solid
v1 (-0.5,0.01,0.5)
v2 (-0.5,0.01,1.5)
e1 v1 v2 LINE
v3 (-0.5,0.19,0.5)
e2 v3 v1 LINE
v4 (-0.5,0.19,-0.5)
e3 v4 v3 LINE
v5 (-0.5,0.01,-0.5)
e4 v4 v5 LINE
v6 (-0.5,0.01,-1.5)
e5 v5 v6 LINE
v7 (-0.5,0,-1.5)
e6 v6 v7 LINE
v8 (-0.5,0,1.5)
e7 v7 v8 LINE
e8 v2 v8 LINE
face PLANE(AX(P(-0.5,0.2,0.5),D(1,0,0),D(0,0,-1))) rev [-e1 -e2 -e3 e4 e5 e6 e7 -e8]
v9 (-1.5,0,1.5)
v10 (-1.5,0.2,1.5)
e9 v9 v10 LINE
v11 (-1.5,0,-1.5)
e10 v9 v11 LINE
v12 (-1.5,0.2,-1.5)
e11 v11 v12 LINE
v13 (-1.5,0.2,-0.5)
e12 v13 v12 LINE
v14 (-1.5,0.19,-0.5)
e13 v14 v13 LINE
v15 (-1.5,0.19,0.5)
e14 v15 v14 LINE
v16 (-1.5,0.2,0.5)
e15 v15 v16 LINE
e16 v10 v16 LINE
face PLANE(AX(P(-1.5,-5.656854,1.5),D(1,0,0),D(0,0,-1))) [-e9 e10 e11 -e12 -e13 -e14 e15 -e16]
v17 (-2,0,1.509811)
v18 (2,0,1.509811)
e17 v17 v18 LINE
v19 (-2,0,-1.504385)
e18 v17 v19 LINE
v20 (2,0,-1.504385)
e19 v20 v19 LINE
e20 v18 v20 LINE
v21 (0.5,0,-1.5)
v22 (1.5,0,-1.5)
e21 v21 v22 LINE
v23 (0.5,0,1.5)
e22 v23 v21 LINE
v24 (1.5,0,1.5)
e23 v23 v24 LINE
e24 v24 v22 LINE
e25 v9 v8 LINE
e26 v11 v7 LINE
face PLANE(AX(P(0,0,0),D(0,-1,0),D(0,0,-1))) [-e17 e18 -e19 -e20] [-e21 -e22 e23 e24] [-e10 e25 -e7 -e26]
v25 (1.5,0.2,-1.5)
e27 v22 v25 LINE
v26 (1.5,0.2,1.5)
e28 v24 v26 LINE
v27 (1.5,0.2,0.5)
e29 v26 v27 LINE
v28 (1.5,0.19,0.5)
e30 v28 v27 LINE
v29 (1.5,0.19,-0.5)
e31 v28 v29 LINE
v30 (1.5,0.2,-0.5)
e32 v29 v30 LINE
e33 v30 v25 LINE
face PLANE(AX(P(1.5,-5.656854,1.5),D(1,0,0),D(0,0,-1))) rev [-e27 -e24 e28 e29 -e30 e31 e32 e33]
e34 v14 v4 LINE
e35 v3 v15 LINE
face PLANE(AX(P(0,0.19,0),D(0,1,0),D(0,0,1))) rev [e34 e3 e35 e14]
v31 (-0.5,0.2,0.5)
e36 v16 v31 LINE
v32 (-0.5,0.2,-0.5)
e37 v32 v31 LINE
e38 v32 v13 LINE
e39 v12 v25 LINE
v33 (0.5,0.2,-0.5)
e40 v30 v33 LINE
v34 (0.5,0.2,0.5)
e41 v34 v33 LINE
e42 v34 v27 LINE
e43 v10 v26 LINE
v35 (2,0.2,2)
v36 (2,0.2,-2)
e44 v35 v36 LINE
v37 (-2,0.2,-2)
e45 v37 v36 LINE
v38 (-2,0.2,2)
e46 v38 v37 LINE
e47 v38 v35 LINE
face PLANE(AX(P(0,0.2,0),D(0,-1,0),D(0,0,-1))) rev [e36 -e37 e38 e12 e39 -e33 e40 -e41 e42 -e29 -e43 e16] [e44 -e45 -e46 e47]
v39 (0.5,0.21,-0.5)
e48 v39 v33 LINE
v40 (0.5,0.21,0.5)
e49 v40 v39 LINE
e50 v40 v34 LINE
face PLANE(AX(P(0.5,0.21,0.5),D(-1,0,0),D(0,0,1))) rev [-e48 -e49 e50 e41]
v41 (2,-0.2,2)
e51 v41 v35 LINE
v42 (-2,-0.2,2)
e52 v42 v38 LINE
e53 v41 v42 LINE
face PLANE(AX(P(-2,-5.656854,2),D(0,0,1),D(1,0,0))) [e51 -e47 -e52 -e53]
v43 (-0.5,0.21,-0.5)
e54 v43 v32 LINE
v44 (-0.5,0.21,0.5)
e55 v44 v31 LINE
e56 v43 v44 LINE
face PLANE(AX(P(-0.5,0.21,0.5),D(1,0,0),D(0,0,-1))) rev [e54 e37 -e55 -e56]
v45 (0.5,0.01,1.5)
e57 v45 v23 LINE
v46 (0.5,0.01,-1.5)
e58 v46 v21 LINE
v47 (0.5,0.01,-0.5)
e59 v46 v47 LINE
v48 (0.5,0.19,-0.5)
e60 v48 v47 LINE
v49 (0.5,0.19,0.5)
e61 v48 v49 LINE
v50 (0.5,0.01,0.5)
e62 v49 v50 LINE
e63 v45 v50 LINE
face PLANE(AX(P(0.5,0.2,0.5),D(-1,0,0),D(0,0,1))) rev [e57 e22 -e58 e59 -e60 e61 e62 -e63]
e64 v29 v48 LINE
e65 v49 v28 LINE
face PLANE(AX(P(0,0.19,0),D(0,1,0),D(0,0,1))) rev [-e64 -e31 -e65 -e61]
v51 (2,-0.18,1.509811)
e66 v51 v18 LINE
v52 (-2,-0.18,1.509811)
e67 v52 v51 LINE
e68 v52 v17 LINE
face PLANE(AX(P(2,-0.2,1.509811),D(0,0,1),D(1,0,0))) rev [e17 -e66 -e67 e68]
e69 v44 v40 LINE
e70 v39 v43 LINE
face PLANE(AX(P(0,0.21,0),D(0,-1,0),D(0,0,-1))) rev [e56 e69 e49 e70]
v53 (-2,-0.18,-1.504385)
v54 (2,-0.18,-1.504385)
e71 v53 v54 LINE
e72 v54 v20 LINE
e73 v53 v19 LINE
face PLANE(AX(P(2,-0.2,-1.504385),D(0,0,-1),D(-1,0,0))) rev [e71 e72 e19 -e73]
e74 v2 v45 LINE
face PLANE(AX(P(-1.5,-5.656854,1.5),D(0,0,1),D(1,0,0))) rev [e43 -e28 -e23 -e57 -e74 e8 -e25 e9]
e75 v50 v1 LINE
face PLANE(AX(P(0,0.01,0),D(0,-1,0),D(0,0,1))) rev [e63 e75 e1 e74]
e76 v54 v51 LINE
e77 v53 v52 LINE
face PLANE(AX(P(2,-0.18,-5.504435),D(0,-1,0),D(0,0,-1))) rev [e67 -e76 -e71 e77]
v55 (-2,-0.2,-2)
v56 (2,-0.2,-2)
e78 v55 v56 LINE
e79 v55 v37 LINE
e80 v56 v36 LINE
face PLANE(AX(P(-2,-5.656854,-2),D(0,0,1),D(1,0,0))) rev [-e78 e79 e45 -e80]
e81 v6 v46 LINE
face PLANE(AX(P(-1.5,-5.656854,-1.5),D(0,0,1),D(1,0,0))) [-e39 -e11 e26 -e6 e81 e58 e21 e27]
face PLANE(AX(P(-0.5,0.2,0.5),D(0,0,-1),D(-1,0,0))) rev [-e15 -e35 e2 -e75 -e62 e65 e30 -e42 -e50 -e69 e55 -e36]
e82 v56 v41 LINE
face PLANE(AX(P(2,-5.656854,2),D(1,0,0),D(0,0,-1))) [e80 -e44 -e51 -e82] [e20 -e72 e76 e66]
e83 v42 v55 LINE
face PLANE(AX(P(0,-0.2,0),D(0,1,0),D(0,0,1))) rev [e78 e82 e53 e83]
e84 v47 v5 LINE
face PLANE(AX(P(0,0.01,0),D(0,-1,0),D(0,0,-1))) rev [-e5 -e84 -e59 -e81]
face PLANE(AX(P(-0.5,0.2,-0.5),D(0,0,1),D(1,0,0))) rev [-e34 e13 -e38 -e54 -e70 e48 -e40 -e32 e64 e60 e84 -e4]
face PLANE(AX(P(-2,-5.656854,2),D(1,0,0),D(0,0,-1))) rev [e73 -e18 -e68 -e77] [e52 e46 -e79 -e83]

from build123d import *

# Parameters (mm, degrees)
SKETCH1_W           = 1
SKETCH1_H           = 1
BOSS_EXTRUDE1_DEPTH = 0.2
SKETCH2_W           = 4
SKETCH2_H           = 4
SKETCH2_W_2         = 3
SKETCH2_H_2         = 3
BOSS_EXTRUDE2_DEPTH = 0.2
SKETCH3_W           = 1
SKETCH3_H           = 1
BOSS_EXTRUDE3_DEPTH = 0.01
SKETCH4_W           = 1
SKETCH4_H           = 1
BOSS_EXTRUDE4_DEPTH = 0.01
SKETCH6_W           = 1
SKETCH6_H           = 1
BOSS_EXTRUDE5_DEPTH = 0.01
SKETCH8_W           = 4
SKETCH8_H           = 0.490188984
SKETCH8_H_2         = 0.495614814
BOSS_EXTRUDE6_DEPTH = 0.2
SKETCH9_W           = 4
SKETCH9_H           = 0.02
BOSS_EXTRUDE7_DEPTH = 3.014196203


with BuildPart() as part:
    # Sketch1 → Boss-Extrude1 (new body)
    with BuildSketch(Plane(origin=(0, 0, 0), x_dir=(1, 0, 0), z_dir=(0, 1, 0))):
        Rectangle(SKETCH1_W, SKETCH1_H)
    extrude(amount=BOSS_EXTRUDE1_DEPTH)



with BuildPart() as body_2:
    # Sketch2 → Boss-Extrude2 (new body)
    with BuildSketch(Plane(origin=(0, 0.2, 0), x_dir=(1, 0, 0), z_dir=(0, 1, 0))):
        Rectangle(SKETCH2_W, SKETCH2_H)
        Rectangle(SKETCH2_W_2, SKETCH2_H_2, mode=Mode.SUBTRACT)
    extrude(amount=-BOSS_EXTRUDE2_DEPTH)


with BuildPart() as part_1:
    add(part.part)

    add(body_2.part)  # Boss-Extrude3 merges body 2
    # Sketch3 → Boss-Extrude3 (add)
    with BuildSketch(Plane.XZ):
        with Locations((0, -1)):
            Rectangle(SKETCH3_W, SKETCH3_H)
    boss_extrude3 = extrude(amount=-BOSS_EXTRUDE3_DEPTH)

    # Mirror1: Boss-Extrude3 across plane
    add(boss_extrude3.mirror(Plane.XY))

    # Sketch4 → Boss-Extrude4 (add)
    with BuildSketch(Plane(origin=(0, 0.2, 0), x_dir=(1, 0, 0), z_dir=(0, 1, 0))):
        with Locations((1, 0)):
            Rectangle(SKETCH4_W, SKETCH4_H)
    boss_extrude4 = extrude(amount=-BOSS_EXTRUDE4_DEPTH)

    # Mirror2: Boss-Extrude4 across plane
    add(boss_extrude4.mirror(Plane(origin=(0, 0, 0), x_dir=(0, 0, 1), z_dir=(1, 0, 0))))

    # Sketch6 → Boss-Extrude5 (add)
    with BuildSketch(Plane(origin=(0, 0.2, 0), x_dir=(1, 0, 0), z_dir=(0, 1, 0))):
        Rectangle(SKETCH6_W, SKETCH6_H)
    extrude(amount=BOSS_EXTRUDE5_DEPTH)

    # Sketch8 → Boss-Extrude6 (add)
    with BuildSketch(Plane.XZ):
        with Locations((0, 1.754905508)):
            Rectangle(SKETCH8_W, SKETCH8_H)
        with Locations((0, -1.752192593)):
            Rectangle(SKETCH8_W, SKETCH8_H_2)
    extrude(amount=BOSS_EXTRUDE6_DEPTH)

    # Sketch9 → Boss-Extrude7 (add)
    with BuildSketch(Plane(origin=(0, 0, 1.509811016), x_dir=(-1, 0, 0), z_dir=(0, 0, -1))):
        with Locations((0, -0.19)):
            Rectangle(SKETCH9_W, SKETCH9_H)
    extrude(amount=BOSS_EXTRUDE7_DEPTH)


solid = part_1.part
